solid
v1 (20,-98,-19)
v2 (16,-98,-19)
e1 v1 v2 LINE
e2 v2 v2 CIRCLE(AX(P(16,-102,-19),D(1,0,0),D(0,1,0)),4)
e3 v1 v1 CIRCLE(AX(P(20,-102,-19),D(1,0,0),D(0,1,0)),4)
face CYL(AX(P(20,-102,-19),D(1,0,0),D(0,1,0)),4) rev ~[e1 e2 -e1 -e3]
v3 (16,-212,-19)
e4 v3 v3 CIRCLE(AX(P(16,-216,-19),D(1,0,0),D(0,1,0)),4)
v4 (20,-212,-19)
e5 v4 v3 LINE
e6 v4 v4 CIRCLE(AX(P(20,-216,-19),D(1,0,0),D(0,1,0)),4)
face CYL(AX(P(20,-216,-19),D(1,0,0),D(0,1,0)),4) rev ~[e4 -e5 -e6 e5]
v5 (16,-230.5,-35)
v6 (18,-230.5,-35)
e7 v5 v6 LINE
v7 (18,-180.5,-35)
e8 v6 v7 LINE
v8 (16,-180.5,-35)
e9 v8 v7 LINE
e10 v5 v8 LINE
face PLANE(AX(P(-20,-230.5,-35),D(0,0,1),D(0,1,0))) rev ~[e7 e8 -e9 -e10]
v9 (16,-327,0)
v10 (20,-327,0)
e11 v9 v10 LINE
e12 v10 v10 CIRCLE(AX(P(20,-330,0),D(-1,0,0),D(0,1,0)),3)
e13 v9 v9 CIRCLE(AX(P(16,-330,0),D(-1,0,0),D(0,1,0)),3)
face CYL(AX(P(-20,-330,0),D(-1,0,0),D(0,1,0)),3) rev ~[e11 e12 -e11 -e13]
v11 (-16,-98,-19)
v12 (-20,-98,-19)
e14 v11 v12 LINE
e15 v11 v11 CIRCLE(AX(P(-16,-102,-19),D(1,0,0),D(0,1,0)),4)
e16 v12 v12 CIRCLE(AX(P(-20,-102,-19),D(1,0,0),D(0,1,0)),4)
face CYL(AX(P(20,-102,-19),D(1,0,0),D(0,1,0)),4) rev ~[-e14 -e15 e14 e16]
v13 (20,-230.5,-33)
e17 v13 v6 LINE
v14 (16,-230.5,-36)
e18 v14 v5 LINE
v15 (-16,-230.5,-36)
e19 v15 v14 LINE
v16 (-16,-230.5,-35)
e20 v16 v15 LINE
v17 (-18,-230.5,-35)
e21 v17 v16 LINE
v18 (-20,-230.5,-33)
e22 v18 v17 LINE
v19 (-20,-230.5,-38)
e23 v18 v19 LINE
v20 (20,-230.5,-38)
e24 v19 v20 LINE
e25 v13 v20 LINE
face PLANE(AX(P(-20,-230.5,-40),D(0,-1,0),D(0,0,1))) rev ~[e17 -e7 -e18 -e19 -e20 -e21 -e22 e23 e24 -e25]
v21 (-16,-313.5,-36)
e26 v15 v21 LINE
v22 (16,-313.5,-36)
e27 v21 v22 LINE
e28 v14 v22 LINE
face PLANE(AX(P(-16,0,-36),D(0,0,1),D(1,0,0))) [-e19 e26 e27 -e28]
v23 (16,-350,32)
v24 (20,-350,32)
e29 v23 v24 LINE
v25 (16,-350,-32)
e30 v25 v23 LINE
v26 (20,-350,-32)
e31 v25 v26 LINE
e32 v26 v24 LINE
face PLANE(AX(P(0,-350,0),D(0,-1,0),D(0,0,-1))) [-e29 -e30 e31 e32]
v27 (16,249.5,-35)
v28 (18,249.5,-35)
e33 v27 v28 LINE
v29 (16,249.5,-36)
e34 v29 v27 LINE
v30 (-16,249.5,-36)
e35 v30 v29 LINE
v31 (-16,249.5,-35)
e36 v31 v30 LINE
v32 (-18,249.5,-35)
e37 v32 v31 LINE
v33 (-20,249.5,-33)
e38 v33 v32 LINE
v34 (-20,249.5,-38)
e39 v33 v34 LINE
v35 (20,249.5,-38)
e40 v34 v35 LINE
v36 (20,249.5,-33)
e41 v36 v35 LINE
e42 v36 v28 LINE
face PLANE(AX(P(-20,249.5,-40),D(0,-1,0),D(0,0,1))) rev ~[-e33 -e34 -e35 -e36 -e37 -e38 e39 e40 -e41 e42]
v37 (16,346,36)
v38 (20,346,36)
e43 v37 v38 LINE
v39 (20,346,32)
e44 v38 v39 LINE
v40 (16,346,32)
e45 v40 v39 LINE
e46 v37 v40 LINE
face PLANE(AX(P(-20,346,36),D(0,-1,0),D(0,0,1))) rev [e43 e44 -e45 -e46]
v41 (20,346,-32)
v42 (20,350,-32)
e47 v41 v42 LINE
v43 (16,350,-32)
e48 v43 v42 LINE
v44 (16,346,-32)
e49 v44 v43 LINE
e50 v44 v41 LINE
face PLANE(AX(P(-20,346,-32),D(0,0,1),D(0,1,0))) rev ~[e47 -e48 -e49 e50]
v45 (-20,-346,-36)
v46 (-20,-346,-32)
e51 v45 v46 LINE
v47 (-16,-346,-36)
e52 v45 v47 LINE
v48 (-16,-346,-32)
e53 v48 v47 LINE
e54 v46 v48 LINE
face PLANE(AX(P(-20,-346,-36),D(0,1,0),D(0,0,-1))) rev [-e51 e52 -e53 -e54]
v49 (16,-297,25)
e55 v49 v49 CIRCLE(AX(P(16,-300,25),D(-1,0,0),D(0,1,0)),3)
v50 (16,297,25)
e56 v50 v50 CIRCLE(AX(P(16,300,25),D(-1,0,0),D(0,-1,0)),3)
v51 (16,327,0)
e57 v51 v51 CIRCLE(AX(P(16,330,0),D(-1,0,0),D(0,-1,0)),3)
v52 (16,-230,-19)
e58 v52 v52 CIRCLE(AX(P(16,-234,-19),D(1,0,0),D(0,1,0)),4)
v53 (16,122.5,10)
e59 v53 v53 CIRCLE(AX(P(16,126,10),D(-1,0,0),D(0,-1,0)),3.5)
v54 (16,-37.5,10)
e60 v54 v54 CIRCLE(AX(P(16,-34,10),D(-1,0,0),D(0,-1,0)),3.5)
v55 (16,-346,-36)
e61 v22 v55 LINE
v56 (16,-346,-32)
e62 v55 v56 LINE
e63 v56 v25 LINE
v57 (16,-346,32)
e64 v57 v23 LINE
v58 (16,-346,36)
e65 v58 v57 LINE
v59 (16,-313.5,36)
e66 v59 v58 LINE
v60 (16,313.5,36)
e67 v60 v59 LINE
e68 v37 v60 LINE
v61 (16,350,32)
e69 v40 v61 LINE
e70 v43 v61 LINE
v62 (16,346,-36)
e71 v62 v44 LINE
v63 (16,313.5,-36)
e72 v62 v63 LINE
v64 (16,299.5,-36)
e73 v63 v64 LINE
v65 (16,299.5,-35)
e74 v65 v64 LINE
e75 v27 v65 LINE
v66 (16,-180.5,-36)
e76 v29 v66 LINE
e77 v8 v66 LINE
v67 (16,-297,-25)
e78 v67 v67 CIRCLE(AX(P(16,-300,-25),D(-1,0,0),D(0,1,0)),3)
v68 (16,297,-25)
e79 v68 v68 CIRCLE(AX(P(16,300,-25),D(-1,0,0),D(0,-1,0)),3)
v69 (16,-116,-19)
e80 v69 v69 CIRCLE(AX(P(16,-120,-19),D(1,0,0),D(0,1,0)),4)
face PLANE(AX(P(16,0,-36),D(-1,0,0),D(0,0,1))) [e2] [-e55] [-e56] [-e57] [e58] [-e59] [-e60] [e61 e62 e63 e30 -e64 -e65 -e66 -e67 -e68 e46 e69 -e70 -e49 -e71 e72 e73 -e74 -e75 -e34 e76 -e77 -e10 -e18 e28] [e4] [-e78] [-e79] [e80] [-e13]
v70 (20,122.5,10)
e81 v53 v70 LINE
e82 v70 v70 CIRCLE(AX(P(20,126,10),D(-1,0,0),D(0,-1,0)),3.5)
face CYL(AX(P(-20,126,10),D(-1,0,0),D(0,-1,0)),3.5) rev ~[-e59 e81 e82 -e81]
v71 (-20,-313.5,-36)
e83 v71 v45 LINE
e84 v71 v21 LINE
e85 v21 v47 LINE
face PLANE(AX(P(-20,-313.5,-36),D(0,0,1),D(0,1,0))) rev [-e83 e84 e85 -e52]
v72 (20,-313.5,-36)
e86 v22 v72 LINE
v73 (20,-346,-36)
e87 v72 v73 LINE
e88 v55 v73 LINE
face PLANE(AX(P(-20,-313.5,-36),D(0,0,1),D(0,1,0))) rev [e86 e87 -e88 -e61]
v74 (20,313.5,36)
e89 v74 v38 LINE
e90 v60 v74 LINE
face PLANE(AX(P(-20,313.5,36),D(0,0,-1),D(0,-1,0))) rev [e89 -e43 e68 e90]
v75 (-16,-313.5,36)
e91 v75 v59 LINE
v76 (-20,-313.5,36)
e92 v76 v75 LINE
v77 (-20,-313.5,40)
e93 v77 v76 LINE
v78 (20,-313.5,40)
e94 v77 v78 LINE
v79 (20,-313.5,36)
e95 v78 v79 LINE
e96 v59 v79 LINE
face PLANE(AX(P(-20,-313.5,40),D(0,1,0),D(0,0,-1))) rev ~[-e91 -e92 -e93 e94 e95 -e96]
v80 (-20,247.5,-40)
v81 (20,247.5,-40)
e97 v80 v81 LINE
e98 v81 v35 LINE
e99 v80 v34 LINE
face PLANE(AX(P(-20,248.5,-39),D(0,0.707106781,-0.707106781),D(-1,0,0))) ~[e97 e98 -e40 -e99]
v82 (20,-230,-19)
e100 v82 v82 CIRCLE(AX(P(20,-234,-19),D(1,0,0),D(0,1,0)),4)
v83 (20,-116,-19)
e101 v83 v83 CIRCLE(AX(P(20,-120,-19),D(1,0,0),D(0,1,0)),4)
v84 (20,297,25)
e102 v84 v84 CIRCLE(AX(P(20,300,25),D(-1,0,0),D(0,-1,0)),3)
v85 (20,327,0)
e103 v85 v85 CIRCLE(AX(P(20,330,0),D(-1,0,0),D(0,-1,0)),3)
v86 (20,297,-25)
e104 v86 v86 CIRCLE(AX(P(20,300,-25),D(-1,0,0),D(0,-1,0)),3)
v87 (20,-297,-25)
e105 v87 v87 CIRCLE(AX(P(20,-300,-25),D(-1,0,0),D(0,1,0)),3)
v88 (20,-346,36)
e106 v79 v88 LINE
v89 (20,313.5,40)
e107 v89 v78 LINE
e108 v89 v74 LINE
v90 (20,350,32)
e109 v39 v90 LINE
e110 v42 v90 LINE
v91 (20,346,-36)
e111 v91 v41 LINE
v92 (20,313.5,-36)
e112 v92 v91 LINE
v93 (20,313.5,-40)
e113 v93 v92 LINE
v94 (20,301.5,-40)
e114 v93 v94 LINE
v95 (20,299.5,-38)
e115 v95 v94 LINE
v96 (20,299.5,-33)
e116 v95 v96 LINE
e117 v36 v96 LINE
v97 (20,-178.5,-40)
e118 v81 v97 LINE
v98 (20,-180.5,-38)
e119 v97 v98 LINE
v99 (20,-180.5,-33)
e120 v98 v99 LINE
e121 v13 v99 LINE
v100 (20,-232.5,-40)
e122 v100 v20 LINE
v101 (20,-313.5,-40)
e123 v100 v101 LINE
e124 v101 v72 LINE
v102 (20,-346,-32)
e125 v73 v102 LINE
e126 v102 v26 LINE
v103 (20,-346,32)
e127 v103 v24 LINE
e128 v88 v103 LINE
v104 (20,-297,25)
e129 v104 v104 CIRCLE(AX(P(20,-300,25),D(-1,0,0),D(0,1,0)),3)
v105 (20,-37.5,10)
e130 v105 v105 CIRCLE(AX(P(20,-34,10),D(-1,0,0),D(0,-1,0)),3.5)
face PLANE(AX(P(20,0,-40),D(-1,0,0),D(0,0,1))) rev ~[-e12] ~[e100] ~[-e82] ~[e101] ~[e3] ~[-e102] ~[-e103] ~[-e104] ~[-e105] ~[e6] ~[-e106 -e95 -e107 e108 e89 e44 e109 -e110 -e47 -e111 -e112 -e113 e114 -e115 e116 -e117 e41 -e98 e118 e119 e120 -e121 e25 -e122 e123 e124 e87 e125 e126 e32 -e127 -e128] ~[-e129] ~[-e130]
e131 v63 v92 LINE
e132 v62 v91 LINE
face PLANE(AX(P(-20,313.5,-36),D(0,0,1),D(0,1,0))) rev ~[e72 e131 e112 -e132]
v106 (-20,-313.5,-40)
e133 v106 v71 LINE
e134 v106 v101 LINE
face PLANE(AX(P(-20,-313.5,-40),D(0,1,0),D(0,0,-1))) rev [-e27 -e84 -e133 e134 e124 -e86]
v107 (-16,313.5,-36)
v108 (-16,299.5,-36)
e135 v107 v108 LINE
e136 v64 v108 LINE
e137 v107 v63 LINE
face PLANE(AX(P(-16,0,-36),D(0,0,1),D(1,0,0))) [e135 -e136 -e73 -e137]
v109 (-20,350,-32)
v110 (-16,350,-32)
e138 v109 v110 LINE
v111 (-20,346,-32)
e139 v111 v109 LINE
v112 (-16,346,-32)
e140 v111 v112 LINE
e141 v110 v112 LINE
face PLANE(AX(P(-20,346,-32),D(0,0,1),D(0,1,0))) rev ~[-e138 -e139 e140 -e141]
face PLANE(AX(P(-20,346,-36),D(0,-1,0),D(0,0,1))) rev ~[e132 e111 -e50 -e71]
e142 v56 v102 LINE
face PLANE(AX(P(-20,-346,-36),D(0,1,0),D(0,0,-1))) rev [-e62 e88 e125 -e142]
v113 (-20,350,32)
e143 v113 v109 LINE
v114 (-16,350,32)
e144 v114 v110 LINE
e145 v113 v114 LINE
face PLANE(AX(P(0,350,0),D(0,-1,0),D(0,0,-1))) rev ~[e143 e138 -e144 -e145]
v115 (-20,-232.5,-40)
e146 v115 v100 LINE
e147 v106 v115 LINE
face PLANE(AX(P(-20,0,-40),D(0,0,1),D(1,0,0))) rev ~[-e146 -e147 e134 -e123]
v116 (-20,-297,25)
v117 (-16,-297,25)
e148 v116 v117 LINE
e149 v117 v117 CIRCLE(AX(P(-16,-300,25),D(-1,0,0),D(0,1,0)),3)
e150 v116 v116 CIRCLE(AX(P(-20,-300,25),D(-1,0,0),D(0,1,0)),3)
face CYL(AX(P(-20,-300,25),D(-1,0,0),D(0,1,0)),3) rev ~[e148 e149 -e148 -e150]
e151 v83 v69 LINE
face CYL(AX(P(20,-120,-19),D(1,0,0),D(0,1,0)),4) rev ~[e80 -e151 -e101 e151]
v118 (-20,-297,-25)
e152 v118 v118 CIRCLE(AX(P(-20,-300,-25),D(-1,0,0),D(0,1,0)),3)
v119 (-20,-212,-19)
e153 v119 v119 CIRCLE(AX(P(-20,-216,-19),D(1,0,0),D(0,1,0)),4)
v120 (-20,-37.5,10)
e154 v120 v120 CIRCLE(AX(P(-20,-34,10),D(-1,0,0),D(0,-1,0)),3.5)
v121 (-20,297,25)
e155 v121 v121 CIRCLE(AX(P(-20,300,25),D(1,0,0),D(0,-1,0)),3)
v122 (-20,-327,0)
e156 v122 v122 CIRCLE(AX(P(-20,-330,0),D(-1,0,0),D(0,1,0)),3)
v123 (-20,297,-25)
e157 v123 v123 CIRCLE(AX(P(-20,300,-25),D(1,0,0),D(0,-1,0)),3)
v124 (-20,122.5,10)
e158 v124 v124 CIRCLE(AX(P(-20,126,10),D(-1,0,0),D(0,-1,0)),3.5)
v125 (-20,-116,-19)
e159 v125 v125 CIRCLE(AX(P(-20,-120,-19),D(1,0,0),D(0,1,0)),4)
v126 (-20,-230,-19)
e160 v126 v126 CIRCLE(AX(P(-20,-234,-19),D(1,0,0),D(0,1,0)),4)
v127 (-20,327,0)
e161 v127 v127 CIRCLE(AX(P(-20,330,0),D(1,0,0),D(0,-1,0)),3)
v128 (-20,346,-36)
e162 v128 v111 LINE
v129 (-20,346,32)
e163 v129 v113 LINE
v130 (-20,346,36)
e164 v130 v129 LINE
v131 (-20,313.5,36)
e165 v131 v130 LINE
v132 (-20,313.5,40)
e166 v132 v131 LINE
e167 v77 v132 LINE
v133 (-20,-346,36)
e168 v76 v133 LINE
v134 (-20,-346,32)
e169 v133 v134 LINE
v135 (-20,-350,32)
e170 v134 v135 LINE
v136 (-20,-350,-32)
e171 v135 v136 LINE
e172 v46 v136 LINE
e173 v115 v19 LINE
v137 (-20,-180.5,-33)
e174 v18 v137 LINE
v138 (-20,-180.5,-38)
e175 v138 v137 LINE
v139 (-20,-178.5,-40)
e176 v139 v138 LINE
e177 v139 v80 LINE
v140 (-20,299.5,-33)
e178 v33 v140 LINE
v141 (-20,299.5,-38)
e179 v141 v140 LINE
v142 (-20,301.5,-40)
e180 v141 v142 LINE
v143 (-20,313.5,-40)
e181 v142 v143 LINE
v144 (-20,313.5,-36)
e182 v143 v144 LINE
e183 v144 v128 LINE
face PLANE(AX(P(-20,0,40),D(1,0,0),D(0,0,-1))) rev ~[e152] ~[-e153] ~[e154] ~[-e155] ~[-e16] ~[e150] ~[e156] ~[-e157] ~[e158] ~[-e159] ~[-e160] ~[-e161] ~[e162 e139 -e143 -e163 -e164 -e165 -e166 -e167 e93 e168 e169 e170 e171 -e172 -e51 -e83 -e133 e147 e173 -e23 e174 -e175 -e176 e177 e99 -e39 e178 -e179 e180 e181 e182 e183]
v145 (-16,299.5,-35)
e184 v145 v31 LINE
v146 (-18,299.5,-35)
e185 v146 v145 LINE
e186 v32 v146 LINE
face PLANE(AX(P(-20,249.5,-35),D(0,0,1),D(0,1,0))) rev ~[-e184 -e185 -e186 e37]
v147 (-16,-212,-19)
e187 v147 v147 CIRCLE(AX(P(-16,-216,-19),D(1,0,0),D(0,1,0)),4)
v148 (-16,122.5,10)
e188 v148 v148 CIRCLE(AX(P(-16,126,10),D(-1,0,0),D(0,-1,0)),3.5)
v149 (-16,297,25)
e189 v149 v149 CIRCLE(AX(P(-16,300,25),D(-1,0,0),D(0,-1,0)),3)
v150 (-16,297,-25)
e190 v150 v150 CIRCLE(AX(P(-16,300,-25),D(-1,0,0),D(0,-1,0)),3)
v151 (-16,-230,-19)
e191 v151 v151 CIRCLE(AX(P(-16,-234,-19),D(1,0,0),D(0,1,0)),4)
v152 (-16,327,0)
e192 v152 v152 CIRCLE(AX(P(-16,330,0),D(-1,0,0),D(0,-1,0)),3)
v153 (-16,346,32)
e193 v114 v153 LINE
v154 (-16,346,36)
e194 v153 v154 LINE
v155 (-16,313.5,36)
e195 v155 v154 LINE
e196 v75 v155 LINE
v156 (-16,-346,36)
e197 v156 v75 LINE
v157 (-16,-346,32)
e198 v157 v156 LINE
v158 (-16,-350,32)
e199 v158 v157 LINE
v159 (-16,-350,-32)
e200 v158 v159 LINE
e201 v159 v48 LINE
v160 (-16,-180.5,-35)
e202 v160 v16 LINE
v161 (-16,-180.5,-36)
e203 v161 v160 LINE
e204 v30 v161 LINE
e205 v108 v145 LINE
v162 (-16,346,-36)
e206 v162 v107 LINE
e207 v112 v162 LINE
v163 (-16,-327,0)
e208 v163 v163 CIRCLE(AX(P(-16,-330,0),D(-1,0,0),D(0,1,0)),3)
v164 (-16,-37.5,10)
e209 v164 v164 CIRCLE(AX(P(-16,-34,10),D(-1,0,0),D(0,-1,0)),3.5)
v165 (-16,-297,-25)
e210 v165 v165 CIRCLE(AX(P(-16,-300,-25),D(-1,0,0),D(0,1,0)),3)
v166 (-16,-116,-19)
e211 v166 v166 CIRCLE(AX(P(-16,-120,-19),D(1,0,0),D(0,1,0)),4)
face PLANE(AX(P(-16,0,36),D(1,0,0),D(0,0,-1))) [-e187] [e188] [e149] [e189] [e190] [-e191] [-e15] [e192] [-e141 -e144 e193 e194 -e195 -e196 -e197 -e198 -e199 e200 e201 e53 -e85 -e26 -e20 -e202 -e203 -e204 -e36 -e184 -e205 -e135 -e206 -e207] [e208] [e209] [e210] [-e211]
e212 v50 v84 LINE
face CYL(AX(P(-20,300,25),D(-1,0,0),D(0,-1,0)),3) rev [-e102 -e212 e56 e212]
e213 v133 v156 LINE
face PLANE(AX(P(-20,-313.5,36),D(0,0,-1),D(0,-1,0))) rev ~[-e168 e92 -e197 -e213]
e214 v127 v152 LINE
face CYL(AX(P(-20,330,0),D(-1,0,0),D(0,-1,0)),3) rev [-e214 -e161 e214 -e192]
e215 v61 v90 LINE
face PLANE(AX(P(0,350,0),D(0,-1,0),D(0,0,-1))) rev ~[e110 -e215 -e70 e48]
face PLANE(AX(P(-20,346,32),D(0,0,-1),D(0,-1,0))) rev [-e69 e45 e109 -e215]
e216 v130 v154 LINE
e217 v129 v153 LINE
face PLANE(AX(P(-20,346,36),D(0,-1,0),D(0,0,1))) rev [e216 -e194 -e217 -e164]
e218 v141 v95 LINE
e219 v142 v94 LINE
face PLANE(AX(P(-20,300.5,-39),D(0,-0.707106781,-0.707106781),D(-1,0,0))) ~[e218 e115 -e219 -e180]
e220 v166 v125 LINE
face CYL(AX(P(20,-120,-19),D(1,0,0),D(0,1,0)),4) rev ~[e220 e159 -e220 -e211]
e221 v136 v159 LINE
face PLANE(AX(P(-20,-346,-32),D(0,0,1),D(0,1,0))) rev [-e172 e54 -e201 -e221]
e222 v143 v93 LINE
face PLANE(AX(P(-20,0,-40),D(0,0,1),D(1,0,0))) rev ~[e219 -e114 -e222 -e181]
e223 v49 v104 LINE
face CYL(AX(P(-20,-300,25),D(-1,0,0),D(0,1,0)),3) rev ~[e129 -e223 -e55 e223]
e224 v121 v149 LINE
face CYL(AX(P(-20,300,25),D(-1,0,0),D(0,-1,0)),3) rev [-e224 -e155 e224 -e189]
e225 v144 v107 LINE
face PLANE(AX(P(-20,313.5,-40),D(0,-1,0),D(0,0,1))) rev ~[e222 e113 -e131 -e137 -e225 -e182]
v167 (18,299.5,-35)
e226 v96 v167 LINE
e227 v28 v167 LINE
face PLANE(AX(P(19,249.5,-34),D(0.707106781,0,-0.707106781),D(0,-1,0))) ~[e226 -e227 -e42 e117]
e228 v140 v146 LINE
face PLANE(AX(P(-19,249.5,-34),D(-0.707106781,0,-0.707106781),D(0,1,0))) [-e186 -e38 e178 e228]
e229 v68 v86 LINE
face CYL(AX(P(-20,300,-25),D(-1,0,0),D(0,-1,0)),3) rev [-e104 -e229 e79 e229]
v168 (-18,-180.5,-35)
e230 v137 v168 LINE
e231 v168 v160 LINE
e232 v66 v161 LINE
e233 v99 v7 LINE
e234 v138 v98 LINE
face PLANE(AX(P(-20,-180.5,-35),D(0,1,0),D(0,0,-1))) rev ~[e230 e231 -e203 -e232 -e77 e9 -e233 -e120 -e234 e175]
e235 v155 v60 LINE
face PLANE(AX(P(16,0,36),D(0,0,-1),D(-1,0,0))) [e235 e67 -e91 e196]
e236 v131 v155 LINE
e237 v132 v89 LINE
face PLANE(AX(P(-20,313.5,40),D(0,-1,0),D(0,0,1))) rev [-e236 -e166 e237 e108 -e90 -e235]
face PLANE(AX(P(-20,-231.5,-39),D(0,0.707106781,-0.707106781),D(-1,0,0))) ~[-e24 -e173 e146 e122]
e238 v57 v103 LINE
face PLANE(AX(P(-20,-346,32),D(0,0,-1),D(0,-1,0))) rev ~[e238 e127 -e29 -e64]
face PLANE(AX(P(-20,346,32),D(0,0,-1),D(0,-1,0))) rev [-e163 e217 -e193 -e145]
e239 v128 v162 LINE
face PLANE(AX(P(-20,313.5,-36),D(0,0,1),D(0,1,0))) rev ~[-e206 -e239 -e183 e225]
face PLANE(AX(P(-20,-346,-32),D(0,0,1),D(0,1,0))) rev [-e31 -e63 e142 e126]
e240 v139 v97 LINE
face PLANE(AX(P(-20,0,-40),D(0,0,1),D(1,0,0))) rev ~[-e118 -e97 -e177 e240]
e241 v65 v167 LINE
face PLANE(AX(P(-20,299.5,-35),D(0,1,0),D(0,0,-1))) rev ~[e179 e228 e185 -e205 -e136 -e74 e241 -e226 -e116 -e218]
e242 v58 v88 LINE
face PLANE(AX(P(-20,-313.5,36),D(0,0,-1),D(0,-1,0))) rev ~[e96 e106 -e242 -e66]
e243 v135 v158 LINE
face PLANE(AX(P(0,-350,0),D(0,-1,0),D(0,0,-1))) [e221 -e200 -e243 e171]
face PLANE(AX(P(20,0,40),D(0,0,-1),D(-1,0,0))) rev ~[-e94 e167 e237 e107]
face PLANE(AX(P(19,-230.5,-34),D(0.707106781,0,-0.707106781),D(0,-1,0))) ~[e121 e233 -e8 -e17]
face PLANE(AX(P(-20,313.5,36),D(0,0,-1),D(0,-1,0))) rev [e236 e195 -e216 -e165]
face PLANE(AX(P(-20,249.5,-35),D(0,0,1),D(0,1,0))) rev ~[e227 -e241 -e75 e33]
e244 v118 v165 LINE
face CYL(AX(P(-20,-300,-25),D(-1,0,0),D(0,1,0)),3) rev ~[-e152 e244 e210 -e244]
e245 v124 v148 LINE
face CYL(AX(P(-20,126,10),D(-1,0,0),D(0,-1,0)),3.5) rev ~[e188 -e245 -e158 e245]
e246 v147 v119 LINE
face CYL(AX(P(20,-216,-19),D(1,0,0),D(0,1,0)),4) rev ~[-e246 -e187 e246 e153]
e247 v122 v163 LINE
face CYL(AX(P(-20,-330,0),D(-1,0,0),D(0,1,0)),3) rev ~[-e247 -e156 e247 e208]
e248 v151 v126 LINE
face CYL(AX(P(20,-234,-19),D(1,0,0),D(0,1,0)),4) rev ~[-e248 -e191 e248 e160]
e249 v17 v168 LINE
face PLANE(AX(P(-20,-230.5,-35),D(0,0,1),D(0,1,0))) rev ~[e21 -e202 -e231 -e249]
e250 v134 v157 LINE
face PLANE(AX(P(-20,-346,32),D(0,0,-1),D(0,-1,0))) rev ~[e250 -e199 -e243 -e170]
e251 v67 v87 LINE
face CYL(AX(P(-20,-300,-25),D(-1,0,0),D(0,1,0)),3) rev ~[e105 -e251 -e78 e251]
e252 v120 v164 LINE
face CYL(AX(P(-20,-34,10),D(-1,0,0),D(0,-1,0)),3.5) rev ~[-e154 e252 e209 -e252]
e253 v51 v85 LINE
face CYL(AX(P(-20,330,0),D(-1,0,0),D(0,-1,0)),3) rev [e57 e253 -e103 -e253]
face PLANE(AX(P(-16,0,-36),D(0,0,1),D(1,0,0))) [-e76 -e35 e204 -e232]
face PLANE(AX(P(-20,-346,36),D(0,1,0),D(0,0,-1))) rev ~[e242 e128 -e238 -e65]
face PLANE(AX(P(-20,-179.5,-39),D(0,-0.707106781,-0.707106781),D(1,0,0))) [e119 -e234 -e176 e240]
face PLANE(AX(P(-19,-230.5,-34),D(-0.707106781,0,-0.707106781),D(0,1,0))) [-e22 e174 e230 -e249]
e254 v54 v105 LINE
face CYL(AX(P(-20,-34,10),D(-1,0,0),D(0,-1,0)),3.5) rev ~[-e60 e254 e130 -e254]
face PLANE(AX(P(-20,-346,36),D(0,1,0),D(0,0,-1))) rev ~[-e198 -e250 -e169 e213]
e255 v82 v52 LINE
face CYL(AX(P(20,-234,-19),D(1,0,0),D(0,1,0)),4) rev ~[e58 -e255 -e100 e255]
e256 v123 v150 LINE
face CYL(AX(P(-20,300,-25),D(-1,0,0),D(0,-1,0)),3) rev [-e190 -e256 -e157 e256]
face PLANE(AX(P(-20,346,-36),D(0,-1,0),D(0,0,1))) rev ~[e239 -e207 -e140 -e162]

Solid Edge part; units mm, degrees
sketch "Sketch1" plane through (0, 0, 0) normal (0, -1, 0) x (1, 0, 0)
  line L0 (-16, -36) -> (16, -36)
  line L1 (16, -36) -> (16, 36)
  line L2 (16, 36) -> (-16, 36)
  line L3 (-16, 36) -> (-16, -36)
  line L4 (-20, -40) -> (20, -40)
  line L5 (20, -40) -> (20, 40)
  line L6 (20, 40) -> (-20, 40)
  line L7 (-20, 40) -> (-20, -40)
  dimension "D1" = 40
  dimension "D2" = 4
  dimension "D3" = 80
  dimension "D4" = 4
extrude "Protrusion1" add sketch "Sketch1" along normal mid plane 700
sketch "Sketch2" plane through (-20, 0, 0) normal (-1, 0, 0) x (0, -1, 0)
  line L0 (180.5, -40) -> (230.5, -40)
  line L1 (230.5, -40) -> (230.5, -35)
  line L2 (230.5, -35) -> (180.5, -35)
  line L3 (180.5, -35) -> (180.5, -40)
  line L4 (-299.5, -40) -> (-249.5, -40)
  line L5 (-249.5, -40) -> (-249.5, -35)
  line L6 (-249.5, -35) -> (-299.5, -35)
  line L7 (-299.5, -35) -> (-299.5, -40)
  dimension "D1" = 50
  dimension "D2" = 5
  dimension "D3" = 75.5
  dimension "D4" = 50
  dimension "D5" = 5
  dimension "D6" = 144.5
extrude "Cutout1" cut sketch "Sketch2" against normal through all
chamfer "Chamfer1" distance 2 angle 45 2 edges at (0, -230.5, -40) (0, -180.5, -40)
chamfer "Fase_5" distance 2 angle 45 2 edges at (0, 249.5, -40) (0, 299.5, -40)
chamfer "Fase_6" distance 2 angle 45 2 edges at (20, 274.5, -35) (-20, 274.5, -35)
chamfer "Fase_7" distance 2 angle 45 2 edges at (20, -205.5, -35) (-20, -205.5, -35)
sketch "Sketch3" plane through (20, 0, 0) normal (1, 0, 0) x (0, 1, 0)
  circle A0 centre (-216, -19) radius 4
  circle A1 centre (-120, -19) radius 4
  circle A2 centre (-102, -19) radius 4
  circle A3 centre (-234, -19) radius 4
  dimension "D1" = 18
  dimension "D2" = 18
  dimension "D3" = 8
  dimension "D4" = 96
  dimension "D5" = 59
  dimension "D6" = 116
extrude "Cutout2" cut sketch "Sketch3" against normal through all
sketch "Sketch4" plane through (-20, 0, 0) normal (-1, 0, 0) x (0, -1, 0)
  circle A0 centre (-126, 10) radius 3.5
  circle A1 centre (34, 10) radius 3.5
  dimension "D1" = 7
  dimension "D2" = 160
  dimension "D3" = 30
  dimension "D4" = 224
extrude "Cutout3" cut sketch "Sketch4" against normal through all
sketch "Sketch5" plane through (-20, 0, 0) normal (-1, 0, 0) x (0, -1, 0)
  line L0 (350, 40) -> (313.5, 40)
  line L1 (313.5, 40) -> (313.5, 36)
  line L2 (313.5, 36) -> (346, 36)
  line L3 (346, 36) -> (346, 32)
  line L4 (346, 32) -> (350, 32)
  line L5 (350, 32) -> (350, 40)
  dimension "D1" = 8
  dimension "D2" = 36.5
  dimension "D3" = 4
  dimension "D4" = 4
  dimension "D5" = 4
extrude "Cutout4" cut sketch "Sketch5" against normal through all
mirror "Mirror1" about plane through (0, 0, 0) normal (0, 0, 1) of "Cutout4"
mirror "Mirror2" about plane through (0, 0, 0) normal (0, -1, 0) of "Cutout4", "Mirror1"
sketch "Sketch6" plane through (-20, 0, 0) normal (-1, 0, 0) x (0, 1, 0)
  circle A0 centre (-330, 0) radius 3
  circle A1 centre (-300, -25) radius 3
  circle A2 centre (-300, 25) radius 3
  dimension "D1" = 50
  dimension "D2" = 30
  dimension "D3" = 20
  dimension "D4" = 6
extrude "Cutout5" cut sketch "Sketch6" against normal through all
mirror "Mirror3" about plane through (0, 0, 0) normal (0, -1, 0) of "Cutout5"
properties material "Aluminium, 6061-T6"
